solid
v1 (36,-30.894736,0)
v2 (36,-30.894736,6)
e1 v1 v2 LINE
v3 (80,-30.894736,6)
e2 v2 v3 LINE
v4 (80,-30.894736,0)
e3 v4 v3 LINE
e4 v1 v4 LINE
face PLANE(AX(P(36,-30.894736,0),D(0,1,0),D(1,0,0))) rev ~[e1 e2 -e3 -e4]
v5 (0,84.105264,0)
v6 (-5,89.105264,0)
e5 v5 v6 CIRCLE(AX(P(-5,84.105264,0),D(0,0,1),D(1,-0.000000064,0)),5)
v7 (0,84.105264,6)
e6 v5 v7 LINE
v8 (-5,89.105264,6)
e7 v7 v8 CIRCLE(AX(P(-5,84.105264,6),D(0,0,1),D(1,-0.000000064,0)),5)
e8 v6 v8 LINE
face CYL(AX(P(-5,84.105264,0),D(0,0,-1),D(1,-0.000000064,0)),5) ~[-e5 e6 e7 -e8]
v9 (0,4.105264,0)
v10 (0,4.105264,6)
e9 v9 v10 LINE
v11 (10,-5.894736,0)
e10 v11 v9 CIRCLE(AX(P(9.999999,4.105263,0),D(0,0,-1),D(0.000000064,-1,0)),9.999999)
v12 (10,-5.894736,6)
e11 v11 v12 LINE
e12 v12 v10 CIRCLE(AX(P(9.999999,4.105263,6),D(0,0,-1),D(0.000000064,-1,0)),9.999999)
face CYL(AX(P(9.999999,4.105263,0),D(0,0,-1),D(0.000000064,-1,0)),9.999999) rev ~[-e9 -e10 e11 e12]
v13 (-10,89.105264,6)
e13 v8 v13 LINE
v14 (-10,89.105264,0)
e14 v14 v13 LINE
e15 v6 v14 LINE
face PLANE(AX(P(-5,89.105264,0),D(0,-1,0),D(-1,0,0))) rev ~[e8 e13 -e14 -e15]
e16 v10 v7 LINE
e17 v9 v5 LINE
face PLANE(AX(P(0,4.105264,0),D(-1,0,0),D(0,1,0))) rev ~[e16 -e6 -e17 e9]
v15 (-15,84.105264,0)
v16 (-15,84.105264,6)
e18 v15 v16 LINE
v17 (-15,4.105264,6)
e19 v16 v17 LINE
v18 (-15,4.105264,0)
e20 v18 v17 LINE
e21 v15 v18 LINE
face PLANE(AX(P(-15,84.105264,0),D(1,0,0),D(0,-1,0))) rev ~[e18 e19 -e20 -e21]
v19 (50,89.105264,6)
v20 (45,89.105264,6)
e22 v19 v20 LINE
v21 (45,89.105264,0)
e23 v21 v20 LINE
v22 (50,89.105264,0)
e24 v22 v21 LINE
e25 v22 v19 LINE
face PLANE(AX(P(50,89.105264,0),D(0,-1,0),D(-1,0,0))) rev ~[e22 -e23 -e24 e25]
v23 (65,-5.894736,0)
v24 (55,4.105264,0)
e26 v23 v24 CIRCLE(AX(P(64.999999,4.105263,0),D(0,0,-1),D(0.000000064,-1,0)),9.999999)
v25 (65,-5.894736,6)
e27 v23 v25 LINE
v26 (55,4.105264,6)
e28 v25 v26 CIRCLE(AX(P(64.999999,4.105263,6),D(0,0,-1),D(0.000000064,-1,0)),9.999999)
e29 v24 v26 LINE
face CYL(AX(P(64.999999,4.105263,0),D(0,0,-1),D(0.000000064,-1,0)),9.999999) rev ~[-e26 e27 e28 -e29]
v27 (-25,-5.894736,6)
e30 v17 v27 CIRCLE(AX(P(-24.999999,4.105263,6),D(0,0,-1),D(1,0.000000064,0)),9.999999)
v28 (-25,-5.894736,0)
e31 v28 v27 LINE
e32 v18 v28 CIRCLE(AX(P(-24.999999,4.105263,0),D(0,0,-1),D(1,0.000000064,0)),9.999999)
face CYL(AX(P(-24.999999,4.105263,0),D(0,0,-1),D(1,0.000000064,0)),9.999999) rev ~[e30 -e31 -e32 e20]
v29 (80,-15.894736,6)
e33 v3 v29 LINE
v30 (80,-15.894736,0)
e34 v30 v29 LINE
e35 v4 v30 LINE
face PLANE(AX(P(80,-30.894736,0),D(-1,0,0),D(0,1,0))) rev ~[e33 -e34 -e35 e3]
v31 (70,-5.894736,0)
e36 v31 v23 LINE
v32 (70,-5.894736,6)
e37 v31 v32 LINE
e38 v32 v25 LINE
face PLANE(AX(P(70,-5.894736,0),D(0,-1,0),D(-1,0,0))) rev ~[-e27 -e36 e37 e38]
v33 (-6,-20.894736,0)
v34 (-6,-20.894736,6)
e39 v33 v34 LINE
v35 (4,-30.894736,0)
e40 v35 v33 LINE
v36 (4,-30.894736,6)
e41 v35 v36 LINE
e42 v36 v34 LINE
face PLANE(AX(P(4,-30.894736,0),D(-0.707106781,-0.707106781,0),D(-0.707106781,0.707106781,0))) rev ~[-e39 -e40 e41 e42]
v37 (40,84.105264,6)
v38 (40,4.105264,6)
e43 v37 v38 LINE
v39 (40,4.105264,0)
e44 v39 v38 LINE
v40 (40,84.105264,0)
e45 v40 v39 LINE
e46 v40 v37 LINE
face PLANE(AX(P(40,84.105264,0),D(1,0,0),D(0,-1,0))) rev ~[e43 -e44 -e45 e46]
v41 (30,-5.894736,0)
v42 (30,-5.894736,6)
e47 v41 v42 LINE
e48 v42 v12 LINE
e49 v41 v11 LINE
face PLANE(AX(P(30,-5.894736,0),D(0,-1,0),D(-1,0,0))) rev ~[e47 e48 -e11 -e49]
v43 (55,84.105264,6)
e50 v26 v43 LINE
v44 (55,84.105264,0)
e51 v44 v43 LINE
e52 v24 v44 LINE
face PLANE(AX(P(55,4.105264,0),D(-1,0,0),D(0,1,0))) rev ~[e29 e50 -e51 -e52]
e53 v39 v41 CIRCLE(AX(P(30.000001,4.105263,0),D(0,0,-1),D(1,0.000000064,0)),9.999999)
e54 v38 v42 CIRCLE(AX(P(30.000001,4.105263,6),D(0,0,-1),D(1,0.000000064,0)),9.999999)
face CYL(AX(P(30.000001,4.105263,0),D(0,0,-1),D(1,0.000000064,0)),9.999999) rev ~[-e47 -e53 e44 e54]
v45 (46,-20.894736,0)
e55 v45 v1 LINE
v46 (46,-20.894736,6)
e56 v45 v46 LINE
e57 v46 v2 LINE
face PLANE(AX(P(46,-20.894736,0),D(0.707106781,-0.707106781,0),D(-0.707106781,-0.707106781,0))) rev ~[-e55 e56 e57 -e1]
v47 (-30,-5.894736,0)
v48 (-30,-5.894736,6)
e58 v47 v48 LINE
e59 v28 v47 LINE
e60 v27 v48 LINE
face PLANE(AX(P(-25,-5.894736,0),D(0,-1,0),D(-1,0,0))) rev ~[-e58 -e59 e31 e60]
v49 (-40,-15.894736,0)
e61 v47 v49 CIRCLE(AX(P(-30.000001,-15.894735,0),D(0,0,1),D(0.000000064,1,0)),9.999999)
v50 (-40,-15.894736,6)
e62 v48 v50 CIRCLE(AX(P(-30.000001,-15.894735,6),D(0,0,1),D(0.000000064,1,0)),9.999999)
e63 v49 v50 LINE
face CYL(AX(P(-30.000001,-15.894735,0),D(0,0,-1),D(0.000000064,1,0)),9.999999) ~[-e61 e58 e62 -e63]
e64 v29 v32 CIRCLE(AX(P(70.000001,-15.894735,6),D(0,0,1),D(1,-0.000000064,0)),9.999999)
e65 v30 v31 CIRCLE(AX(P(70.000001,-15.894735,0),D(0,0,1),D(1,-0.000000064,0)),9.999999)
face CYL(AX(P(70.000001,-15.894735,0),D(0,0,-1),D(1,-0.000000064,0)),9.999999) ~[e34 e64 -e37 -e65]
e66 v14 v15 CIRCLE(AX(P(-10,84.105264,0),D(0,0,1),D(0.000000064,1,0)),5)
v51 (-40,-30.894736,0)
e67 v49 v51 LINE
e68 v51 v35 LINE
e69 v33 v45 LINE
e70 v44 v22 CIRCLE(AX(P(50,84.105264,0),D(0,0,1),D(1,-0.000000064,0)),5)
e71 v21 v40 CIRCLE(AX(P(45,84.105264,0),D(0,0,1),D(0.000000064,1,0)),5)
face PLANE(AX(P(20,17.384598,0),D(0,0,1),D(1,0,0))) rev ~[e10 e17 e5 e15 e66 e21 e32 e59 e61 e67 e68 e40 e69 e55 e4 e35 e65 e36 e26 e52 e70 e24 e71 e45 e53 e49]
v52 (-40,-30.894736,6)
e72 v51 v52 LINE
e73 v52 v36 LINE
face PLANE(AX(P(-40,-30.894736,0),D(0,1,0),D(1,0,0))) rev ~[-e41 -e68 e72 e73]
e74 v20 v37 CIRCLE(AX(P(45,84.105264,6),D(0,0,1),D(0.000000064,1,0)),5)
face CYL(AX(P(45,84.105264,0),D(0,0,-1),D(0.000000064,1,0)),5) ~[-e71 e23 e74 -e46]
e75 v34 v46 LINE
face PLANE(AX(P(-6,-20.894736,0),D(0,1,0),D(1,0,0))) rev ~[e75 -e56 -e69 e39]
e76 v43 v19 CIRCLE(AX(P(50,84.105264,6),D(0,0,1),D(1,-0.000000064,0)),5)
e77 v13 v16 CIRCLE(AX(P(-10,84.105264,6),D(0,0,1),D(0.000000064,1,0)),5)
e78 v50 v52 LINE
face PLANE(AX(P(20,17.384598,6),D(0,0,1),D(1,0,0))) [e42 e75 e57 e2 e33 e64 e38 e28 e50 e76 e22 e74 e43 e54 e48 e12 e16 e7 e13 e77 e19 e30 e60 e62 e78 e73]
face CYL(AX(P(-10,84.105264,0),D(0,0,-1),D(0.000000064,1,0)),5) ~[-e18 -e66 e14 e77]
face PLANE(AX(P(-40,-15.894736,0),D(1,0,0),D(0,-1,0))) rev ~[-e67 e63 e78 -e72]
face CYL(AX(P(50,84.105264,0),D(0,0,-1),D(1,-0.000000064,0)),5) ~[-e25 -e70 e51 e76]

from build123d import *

# Parameters (mm, degrees)
F1_DEPTH = 6


with BuildPart() as f1:
    # F0 (on Top) → F1 (new body)
    with BuildSketch(Plane.XY):
        with BuildLine():
            Line((36, -30.894736), (80, -30.894736))
            Line((80, -30.894736), (80, -15.894736))
            ThreePointArc((80, -15.894736), (77.071068, -8.823668), (70, -5.894736))
            Line((70, -5.894736), (65, -5.894736))
            ThreePointArc((65, -5.894736), (57.928932, -2.965804), (55, 4.105264))
            Line((55, 4.105264), (55, 84.105264))
            ThreePointArc((55, 84.105264), (53.535534, 87.640798), (50, 89.105264))
            Line((50, 89.105264), (45, 89.105264))
            ThreePointArc((45, 89.105264), (41.464466, 87.640798), (40, 84.105264))
            Line((40, 84.105264), (40, 4.105264))
            ThreePointArc((40, 4.105264), (37.071068, -2.965804), (30, -5.894736))
            Line((30, -5.894736), (10, -5.894736))
            ThreePointArc((10, -5.894736), (2.928932, -2.965804), (0, 4.105264))
            Line((0, 4.105264), (0, 84.105264))
            ThreePointArc((0, 84.105264), (-1.464466, 87.640798), (-5, 89.105264))
            Line((-5, 89.105264), (-10, 89.105264))
            ThreePointArc((-10, 89.105264), (-13.535534, 87.640798), (-15, 84.105264))
            Line((-15, 84.105264), (-15, 4.105264))
            ThreePointArc((-15, 4.105264), (-17.928932, -2.965804), (-25, -5.894736))
            Line((-25, -5.894736), (-30, -5.894736))
            ThreePointArc((-30, -5.894736), (-37.071068, -8.823668), (-40, -15.894736))
            Line((-40, -15.894736), (-40, -30.894736))
            Line((-40, -30.894736), (4, -30.894736))
            Line((4, -30.894736), (-6, -20.894736))
            Line((-6, -20.894736), (20, -20.894736))
            Line((20, -20.894736), (46, -20.894736))
            Line((46, -20.894736), (36, -30.894736))
        make_face()
    extrude(amount=F1_DEPTH)


solid = f1.part
